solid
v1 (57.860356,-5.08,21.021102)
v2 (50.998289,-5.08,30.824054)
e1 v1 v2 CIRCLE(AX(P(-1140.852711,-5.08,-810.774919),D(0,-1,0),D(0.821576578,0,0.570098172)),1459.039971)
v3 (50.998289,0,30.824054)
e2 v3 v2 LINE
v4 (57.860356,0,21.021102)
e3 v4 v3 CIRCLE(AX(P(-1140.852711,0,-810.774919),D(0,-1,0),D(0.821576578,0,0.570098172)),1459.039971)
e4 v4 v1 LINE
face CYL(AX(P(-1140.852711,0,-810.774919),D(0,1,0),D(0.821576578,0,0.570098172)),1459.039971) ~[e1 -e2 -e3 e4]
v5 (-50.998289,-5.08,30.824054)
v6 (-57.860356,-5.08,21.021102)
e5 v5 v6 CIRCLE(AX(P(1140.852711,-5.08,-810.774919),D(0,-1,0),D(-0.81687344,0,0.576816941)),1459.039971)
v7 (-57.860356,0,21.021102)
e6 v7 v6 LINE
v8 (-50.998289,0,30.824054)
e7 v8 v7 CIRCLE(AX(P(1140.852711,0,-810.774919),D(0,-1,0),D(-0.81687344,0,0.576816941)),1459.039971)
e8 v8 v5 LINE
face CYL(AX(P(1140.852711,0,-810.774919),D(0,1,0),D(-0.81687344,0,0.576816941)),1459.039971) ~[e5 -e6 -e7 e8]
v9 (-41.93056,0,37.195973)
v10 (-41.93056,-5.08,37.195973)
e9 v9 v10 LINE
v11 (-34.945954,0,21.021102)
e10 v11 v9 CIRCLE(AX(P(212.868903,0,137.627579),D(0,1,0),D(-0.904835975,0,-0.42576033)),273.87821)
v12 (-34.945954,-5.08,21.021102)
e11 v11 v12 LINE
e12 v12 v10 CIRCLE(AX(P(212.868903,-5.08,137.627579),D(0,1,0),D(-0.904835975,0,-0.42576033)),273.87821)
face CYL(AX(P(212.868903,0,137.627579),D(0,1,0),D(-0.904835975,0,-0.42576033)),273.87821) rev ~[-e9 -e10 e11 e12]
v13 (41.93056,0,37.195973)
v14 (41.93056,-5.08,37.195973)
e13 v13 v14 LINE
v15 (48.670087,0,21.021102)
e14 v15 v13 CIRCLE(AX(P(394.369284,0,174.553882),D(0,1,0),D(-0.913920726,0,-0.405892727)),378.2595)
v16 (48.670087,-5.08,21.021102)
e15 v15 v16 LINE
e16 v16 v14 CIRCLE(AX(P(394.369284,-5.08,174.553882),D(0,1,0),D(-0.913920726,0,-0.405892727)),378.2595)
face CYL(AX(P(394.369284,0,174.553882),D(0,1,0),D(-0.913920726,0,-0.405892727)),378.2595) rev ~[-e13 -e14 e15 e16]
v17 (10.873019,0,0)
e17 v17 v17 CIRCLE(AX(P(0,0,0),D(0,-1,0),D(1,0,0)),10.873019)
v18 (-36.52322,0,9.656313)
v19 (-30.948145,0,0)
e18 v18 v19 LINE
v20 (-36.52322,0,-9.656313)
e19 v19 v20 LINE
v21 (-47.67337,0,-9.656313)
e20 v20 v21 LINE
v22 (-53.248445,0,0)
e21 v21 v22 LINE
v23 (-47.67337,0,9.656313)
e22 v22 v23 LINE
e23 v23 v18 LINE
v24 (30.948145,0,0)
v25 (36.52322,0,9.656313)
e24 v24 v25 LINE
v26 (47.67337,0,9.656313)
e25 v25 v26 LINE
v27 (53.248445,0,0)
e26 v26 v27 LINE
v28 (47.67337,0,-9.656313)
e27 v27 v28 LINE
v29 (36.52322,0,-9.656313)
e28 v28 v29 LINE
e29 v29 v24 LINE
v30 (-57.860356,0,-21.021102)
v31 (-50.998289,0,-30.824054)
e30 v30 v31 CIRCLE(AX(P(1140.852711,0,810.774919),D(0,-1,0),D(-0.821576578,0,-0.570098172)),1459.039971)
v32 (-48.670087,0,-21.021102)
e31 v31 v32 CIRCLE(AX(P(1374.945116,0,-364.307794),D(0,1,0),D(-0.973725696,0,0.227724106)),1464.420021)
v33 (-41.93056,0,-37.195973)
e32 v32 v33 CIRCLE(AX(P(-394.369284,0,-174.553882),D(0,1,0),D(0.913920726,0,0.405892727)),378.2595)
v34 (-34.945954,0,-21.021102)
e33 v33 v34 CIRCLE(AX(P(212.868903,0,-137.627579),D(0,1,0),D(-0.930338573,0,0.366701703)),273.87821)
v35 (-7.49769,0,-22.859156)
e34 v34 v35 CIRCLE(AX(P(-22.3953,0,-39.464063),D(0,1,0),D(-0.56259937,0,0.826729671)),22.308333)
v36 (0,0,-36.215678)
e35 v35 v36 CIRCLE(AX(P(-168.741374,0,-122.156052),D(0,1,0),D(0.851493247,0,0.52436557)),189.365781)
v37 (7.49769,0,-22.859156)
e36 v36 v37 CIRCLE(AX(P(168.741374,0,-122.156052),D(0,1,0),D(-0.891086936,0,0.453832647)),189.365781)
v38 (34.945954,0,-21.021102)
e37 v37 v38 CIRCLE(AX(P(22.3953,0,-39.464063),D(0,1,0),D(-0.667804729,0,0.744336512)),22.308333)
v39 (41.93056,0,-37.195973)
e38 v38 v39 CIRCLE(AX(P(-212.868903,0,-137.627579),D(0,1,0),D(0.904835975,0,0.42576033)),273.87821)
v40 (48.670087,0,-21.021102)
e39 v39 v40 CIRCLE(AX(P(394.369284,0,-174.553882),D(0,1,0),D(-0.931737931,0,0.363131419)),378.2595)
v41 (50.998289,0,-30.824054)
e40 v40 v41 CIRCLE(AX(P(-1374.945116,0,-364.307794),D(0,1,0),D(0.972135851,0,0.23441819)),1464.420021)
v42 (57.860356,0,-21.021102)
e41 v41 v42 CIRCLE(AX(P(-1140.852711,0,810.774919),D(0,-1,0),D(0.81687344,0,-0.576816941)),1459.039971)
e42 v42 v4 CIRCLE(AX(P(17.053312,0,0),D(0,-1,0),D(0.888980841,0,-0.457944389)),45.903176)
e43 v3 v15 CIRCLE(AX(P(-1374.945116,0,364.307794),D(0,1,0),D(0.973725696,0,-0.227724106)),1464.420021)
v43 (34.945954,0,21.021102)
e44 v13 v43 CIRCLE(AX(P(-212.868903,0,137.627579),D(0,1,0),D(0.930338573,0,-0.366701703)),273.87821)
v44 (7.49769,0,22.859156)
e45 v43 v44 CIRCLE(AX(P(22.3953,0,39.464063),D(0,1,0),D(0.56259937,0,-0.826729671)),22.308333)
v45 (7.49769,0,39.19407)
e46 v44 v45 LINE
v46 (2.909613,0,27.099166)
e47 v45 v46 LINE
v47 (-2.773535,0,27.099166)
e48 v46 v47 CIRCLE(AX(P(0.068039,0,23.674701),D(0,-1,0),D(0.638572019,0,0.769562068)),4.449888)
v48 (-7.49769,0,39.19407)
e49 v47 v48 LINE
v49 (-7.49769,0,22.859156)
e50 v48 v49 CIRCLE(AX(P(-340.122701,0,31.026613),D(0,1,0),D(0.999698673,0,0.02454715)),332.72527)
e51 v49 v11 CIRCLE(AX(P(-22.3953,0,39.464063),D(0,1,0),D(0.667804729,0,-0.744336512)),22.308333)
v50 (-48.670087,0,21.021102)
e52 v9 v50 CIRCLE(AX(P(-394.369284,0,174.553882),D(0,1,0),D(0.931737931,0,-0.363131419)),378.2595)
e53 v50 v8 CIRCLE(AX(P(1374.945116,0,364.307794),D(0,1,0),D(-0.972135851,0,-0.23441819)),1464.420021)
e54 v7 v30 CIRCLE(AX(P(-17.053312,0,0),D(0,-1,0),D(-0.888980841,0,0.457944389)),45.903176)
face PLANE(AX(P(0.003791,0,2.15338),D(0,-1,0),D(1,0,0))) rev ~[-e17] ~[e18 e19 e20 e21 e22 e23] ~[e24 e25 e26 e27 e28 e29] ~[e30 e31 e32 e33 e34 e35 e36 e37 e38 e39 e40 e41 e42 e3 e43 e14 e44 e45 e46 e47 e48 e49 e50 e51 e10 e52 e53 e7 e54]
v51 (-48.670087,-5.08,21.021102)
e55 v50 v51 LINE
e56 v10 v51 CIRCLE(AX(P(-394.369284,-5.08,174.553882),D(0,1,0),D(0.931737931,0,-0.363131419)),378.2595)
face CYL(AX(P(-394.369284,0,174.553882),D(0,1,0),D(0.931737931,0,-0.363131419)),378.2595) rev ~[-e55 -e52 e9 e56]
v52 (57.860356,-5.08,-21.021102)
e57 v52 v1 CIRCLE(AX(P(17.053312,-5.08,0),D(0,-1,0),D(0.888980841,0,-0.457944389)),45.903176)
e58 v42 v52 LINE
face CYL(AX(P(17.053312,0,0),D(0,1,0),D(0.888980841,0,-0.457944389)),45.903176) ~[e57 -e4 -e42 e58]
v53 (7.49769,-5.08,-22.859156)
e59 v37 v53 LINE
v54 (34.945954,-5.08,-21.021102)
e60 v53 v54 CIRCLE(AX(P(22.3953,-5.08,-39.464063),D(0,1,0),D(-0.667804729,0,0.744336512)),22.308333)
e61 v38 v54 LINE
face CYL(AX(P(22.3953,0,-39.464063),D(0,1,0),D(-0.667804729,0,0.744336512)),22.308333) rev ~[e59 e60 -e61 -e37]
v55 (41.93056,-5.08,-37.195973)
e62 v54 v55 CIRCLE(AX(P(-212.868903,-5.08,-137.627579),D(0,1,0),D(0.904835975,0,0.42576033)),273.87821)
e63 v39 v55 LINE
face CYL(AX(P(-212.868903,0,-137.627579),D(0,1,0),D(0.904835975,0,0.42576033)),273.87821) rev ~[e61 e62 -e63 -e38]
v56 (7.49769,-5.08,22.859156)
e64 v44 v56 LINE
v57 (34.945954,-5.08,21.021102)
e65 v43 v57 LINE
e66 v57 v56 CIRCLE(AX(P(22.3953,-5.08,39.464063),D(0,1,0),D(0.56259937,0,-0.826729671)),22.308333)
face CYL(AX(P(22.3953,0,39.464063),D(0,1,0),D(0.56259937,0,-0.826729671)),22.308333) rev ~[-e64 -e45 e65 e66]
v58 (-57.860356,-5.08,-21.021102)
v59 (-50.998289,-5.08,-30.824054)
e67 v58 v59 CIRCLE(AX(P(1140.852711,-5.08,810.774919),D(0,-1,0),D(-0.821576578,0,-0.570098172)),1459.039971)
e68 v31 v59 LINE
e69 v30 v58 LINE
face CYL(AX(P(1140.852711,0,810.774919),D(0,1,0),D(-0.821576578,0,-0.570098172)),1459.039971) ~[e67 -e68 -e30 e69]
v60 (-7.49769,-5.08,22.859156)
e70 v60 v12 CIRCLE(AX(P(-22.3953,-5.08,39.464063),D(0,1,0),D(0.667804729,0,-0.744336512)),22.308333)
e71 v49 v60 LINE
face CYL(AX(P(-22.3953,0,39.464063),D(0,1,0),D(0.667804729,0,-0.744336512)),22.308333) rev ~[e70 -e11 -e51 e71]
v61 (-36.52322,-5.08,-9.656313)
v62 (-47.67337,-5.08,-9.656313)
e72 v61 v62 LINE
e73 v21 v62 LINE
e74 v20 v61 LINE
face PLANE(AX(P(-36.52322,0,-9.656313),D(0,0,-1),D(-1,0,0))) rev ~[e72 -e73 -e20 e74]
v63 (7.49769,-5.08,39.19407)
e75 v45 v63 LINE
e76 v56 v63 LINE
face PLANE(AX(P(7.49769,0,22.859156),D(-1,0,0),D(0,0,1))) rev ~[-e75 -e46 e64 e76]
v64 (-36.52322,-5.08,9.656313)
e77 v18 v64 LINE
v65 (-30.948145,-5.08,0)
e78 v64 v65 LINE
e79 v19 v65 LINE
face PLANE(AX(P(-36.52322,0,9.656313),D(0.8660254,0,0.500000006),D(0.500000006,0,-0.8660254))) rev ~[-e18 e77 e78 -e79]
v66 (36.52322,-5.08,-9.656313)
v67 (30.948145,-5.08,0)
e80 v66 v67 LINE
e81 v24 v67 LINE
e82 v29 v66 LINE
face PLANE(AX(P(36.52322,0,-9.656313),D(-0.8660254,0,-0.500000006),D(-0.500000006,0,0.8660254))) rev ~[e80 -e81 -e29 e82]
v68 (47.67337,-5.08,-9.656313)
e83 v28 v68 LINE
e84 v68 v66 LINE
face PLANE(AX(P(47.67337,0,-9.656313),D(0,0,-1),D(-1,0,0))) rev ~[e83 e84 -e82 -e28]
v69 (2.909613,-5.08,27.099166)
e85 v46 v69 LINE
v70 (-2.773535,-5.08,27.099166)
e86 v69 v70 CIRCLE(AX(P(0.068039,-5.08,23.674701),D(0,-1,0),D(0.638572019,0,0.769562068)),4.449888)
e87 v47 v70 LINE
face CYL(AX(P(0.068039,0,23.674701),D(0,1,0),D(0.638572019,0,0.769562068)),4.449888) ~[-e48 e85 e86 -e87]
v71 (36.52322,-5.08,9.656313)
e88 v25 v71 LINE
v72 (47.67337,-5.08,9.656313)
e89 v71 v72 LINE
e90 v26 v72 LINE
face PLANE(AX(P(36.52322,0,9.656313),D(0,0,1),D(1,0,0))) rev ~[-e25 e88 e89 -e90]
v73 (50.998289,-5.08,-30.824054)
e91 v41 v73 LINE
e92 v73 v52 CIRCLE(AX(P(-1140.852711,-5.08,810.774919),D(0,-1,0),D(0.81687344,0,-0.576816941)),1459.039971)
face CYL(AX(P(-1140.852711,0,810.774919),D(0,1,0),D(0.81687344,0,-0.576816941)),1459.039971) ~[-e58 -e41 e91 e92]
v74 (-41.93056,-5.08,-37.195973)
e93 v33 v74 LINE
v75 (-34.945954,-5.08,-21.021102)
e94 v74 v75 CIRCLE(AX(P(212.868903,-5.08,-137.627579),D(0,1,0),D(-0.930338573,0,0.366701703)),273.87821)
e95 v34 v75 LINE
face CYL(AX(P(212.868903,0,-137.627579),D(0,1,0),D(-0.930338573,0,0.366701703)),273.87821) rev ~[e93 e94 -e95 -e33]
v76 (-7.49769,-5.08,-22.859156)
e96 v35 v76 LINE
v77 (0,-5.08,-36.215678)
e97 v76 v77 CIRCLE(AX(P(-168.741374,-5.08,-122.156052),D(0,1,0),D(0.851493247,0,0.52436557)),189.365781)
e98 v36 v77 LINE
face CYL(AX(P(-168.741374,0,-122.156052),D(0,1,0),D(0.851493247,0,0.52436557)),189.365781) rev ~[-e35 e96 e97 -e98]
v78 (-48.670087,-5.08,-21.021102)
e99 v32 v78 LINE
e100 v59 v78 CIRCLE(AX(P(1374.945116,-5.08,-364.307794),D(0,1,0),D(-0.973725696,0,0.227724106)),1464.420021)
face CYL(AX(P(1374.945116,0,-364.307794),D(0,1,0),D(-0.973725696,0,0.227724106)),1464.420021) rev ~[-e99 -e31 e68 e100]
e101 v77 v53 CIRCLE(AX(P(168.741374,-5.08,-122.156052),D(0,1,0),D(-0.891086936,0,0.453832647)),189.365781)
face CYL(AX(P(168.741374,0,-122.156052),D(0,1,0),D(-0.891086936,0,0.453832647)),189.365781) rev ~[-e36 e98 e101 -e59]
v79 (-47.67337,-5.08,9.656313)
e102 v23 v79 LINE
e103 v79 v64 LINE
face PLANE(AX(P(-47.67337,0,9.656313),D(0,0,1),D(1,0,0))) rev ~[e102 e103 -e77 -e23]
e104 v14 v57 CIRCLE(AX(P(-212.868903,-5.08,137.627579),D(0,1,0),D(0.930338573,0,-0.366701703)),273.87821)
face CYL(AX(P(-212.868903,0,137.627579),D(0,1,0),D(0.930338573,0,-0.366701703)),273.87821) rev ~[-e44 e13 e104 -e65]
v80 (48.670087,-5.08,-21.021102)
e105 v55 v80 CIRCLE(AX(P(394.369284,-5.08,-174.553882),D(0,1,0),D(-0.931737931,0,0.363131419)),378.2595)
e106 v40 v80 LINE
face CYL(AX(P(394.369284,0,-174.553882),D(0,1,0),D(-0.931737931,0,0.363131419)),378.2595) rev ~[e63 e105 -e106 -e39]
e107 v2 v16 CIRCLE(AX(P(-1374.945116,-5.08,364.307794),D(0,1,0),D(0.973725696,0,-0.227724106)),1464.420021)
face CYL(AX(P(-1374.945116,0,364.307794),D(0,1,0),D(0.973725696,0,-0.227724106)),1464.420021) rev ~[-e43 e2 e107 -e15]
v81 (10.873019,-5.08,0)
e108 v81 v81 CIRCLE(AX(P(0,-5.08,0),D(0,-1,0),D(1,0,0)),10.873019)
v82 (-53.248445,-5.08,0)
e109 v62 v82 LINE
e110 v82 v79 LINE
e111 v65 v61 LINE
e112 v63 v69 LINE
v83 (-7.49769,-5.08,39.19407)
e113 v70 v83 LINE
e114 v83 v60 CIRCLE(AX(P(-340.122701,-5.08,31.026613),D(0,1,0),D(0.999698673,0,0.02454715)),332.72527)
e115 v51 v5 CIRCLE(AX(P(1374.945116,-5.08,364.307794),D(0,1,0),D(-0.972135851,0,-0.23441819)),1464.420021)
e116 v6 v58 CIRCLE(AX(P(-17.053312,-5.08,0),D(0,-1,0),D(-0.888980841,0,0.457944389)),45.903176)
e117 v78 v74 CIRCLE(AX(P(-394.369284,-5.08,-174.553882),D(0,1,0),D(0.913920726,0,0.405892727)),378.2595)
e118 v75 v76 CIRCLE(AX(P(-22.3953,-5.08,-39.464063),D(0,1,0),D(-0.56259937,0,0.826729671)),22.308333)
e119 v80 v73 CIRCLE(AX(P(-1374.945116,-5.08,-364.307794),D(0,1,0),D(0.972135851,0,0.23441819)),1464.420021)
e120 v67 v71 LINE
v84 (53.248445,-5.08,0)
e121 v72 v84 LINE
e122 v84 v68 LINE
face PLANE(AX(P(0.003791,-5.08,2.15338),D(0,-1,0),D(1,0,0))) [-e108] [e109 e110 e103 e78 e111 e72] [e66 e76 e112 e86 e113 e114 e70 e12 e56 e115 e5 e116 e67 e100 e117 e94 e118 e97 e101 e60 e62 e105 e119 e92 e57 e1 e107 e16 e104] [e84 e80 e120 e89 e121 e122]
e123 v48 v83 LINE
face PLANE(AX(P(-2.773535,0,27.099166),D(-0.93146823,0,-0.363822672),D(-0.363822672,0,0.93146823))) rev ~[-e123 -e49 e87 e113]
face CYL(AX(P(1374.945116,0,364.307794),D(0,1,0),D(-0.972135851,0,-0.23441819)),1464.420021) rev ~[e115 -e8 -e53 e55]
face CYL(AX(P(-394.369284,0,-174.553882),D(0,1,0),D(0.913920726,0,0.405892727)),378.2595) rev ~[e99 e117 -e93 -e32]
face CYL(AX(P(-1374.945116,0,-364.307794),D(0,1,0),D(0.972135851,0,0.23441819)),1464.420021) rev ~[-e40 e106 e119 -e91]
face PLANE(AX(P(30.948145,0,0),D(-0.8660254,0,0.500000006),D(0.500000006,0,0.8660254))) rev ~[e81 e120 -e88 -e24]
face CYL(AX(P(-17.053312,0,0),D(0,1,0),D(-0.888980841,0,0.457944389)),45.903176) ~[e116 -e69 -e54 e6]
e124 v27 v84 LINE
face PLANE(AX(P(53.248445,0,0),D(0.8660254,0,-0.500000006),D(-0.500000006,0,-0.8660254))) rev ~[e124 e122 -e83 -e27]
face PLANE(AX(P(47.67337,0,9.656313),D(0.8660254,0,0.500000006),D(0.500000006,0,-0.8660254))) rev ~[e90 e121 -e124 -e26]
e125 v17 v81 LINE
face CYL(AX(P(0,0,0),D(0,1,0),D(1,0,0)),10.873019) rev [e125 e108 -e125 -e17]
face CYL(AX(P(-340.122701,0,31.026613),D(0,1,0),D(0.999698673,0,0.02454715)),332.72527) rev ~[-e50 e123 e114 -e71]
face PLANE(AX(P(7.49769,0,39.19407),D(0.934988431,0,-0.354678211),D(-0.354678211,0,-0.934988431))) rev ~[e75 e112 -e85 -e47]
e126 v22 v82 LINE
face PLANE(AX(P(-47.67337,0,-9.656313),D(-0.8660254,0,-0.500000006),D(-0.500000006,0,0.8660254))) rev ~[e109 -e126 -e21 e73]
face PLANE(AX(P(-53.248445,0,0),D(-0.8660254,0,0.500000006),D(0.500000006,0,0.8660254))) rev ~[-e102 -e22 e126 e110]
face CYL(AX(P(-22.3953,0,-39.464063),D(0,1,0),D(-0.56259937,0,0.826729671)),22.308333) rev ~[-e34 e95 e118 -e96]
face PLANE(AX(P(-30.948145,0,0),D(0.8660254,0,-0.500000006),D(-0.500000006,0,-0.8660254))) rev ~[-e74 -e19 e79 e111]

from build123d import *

# Parameters (mm, degrees)
F0_R     = 10.873019
F1_DEPTH = 5.08


with BuildPart() as f1:
    # F0 (on Front) → F1 (new body)
    with BuildSketch(Plane.XZ):
        with BuildLine():
            ThreePointArc((-7.49769, -22.859156), (-3.613745, -29.461579), (0, -36.215678))
            ThreePointArc((0, -36.215678), (3.613745, -29.461579), (7.49769, -22.859156))
            ThreePointArc((7.49769, -22.859156), (20.904776, -17.20558), (34.945954, -21.021102))
            ThreePointArc((34.945954, -21.021102), (38.568356, -29.052358), (41.93056, -37.195973))
            ThreePointArc((41.93056, -37.195973), (45.206649, -29.069506), (48.670087, -21.021102))
            ThreePointArc((48.670087, -21.021102), (49.842619, -25.920576), (50.998289, -30.824054))
            ThreePointArc((50.998289, -30.824054), (54.439372, -25.929613), (57.860356, -21.021102))
            ThreePointArc((57.860356, -21.021102), (62.956488, 0), (57.860356, 21.021102))
            ThreePointArc((57.860356, 21.021102), (54.439372, 25.929613), (50.998289, 30.824054))
            ThreePointArc((50.998289, 30.824054), (49.842619, 25.920576), (48.670087, 21.021102))
            ThreePointArc((48.670087, 21.021102), (45.206649, 29.069506), (41.93056, 37.195973))
            ThreePointArc((41.93056, 37.195973), (38.568356, 29.052358), (34.945954, 21.021102))
            ThreePointArc((34.945954, 21.021102), (20.904776, 17.20558), (7.49769, 22.859156))
            Line((7.49769, 22.859156), (7.49769, 39.19407))
            Line((7.49769, 39.19407), (2.909613, 27.099166))
            ThreePointArc((2.909613, 27.099166), (0.068039, 28.124589), (-2.773535, 27.099166))
            Line((-2.773535, 27.099166), (-7.49769, 39.19407))
            ThreePointArc((-7.49769, 39.19407), (-7.397431, 31.026613), (-7.49769, 22.859156))
            ThreePointArc((-7.49769, 22.859156), (-20.904776, 17.20558), (-34.945954, 21.021102))
            ThreePointArc((-34.945954, 21.021102), (-38.568356, 29.052358), (-41.93056, 37.195973))
            ThreePointArc((-41.93056, 37.195973), (-45.206649, 29.069506), (-48.670087, 21.021102))
            ThreePointArc((-48.670087, 21.021102), (-49.842619, 25.920576), (-50.998289, 30.824054))
            ThreePointArc((-50.998289, 30.824054), (-54.439372, 25.929613), (-57.860356, 21.021102))
            ThreePointArc((-57.860356, 21.021102), (-62.956488, 0), (-57.860356, -21.021102))
            ThreePointArc((-57.860356, -21.021102), (-54.439372, -25.929613), (-50.998289, -30.824054))
            ThreePointArc((-50.998289, -30.824054), (-49.842619, -25.920576), (-48.670087, -21.021102))
            ThreePointArc((-48.670087, -21.021102), (-45.206649, -29.069506), (-41.93056, -37.195973))
            ThreePointArc((-41.93056, -37.195973), (-38.568356, -29.052358), (-34.945954, -21.021102))
            ThreePointArc((-34.945954, -21.021102), (-20.904776, -17.20558), (-7.49769, -22.859156))
        make_face()
        Polygon((-47.67337, 9.656313), (-36.52322, 9.656313), (-30.948145, 0), (-36.52322, -9.656313), (-47.67337, -9.656313), (-53.248445, 0), align=None, mode=Mode.SUBTRACT)
        Circle(F0_R, mode=Mode.SUBTRACT)
        Polygon((30.948145, 0), (36.52322, 9.656313), (47.67337, 9.656313), (53.248445, 0), (47.67337, -9.656313), (36.52322, -9.656313), align=None, mode=Mode.SUBTRACT)
    extrude(amount=F1_DEPTH)


solid = f1.part
